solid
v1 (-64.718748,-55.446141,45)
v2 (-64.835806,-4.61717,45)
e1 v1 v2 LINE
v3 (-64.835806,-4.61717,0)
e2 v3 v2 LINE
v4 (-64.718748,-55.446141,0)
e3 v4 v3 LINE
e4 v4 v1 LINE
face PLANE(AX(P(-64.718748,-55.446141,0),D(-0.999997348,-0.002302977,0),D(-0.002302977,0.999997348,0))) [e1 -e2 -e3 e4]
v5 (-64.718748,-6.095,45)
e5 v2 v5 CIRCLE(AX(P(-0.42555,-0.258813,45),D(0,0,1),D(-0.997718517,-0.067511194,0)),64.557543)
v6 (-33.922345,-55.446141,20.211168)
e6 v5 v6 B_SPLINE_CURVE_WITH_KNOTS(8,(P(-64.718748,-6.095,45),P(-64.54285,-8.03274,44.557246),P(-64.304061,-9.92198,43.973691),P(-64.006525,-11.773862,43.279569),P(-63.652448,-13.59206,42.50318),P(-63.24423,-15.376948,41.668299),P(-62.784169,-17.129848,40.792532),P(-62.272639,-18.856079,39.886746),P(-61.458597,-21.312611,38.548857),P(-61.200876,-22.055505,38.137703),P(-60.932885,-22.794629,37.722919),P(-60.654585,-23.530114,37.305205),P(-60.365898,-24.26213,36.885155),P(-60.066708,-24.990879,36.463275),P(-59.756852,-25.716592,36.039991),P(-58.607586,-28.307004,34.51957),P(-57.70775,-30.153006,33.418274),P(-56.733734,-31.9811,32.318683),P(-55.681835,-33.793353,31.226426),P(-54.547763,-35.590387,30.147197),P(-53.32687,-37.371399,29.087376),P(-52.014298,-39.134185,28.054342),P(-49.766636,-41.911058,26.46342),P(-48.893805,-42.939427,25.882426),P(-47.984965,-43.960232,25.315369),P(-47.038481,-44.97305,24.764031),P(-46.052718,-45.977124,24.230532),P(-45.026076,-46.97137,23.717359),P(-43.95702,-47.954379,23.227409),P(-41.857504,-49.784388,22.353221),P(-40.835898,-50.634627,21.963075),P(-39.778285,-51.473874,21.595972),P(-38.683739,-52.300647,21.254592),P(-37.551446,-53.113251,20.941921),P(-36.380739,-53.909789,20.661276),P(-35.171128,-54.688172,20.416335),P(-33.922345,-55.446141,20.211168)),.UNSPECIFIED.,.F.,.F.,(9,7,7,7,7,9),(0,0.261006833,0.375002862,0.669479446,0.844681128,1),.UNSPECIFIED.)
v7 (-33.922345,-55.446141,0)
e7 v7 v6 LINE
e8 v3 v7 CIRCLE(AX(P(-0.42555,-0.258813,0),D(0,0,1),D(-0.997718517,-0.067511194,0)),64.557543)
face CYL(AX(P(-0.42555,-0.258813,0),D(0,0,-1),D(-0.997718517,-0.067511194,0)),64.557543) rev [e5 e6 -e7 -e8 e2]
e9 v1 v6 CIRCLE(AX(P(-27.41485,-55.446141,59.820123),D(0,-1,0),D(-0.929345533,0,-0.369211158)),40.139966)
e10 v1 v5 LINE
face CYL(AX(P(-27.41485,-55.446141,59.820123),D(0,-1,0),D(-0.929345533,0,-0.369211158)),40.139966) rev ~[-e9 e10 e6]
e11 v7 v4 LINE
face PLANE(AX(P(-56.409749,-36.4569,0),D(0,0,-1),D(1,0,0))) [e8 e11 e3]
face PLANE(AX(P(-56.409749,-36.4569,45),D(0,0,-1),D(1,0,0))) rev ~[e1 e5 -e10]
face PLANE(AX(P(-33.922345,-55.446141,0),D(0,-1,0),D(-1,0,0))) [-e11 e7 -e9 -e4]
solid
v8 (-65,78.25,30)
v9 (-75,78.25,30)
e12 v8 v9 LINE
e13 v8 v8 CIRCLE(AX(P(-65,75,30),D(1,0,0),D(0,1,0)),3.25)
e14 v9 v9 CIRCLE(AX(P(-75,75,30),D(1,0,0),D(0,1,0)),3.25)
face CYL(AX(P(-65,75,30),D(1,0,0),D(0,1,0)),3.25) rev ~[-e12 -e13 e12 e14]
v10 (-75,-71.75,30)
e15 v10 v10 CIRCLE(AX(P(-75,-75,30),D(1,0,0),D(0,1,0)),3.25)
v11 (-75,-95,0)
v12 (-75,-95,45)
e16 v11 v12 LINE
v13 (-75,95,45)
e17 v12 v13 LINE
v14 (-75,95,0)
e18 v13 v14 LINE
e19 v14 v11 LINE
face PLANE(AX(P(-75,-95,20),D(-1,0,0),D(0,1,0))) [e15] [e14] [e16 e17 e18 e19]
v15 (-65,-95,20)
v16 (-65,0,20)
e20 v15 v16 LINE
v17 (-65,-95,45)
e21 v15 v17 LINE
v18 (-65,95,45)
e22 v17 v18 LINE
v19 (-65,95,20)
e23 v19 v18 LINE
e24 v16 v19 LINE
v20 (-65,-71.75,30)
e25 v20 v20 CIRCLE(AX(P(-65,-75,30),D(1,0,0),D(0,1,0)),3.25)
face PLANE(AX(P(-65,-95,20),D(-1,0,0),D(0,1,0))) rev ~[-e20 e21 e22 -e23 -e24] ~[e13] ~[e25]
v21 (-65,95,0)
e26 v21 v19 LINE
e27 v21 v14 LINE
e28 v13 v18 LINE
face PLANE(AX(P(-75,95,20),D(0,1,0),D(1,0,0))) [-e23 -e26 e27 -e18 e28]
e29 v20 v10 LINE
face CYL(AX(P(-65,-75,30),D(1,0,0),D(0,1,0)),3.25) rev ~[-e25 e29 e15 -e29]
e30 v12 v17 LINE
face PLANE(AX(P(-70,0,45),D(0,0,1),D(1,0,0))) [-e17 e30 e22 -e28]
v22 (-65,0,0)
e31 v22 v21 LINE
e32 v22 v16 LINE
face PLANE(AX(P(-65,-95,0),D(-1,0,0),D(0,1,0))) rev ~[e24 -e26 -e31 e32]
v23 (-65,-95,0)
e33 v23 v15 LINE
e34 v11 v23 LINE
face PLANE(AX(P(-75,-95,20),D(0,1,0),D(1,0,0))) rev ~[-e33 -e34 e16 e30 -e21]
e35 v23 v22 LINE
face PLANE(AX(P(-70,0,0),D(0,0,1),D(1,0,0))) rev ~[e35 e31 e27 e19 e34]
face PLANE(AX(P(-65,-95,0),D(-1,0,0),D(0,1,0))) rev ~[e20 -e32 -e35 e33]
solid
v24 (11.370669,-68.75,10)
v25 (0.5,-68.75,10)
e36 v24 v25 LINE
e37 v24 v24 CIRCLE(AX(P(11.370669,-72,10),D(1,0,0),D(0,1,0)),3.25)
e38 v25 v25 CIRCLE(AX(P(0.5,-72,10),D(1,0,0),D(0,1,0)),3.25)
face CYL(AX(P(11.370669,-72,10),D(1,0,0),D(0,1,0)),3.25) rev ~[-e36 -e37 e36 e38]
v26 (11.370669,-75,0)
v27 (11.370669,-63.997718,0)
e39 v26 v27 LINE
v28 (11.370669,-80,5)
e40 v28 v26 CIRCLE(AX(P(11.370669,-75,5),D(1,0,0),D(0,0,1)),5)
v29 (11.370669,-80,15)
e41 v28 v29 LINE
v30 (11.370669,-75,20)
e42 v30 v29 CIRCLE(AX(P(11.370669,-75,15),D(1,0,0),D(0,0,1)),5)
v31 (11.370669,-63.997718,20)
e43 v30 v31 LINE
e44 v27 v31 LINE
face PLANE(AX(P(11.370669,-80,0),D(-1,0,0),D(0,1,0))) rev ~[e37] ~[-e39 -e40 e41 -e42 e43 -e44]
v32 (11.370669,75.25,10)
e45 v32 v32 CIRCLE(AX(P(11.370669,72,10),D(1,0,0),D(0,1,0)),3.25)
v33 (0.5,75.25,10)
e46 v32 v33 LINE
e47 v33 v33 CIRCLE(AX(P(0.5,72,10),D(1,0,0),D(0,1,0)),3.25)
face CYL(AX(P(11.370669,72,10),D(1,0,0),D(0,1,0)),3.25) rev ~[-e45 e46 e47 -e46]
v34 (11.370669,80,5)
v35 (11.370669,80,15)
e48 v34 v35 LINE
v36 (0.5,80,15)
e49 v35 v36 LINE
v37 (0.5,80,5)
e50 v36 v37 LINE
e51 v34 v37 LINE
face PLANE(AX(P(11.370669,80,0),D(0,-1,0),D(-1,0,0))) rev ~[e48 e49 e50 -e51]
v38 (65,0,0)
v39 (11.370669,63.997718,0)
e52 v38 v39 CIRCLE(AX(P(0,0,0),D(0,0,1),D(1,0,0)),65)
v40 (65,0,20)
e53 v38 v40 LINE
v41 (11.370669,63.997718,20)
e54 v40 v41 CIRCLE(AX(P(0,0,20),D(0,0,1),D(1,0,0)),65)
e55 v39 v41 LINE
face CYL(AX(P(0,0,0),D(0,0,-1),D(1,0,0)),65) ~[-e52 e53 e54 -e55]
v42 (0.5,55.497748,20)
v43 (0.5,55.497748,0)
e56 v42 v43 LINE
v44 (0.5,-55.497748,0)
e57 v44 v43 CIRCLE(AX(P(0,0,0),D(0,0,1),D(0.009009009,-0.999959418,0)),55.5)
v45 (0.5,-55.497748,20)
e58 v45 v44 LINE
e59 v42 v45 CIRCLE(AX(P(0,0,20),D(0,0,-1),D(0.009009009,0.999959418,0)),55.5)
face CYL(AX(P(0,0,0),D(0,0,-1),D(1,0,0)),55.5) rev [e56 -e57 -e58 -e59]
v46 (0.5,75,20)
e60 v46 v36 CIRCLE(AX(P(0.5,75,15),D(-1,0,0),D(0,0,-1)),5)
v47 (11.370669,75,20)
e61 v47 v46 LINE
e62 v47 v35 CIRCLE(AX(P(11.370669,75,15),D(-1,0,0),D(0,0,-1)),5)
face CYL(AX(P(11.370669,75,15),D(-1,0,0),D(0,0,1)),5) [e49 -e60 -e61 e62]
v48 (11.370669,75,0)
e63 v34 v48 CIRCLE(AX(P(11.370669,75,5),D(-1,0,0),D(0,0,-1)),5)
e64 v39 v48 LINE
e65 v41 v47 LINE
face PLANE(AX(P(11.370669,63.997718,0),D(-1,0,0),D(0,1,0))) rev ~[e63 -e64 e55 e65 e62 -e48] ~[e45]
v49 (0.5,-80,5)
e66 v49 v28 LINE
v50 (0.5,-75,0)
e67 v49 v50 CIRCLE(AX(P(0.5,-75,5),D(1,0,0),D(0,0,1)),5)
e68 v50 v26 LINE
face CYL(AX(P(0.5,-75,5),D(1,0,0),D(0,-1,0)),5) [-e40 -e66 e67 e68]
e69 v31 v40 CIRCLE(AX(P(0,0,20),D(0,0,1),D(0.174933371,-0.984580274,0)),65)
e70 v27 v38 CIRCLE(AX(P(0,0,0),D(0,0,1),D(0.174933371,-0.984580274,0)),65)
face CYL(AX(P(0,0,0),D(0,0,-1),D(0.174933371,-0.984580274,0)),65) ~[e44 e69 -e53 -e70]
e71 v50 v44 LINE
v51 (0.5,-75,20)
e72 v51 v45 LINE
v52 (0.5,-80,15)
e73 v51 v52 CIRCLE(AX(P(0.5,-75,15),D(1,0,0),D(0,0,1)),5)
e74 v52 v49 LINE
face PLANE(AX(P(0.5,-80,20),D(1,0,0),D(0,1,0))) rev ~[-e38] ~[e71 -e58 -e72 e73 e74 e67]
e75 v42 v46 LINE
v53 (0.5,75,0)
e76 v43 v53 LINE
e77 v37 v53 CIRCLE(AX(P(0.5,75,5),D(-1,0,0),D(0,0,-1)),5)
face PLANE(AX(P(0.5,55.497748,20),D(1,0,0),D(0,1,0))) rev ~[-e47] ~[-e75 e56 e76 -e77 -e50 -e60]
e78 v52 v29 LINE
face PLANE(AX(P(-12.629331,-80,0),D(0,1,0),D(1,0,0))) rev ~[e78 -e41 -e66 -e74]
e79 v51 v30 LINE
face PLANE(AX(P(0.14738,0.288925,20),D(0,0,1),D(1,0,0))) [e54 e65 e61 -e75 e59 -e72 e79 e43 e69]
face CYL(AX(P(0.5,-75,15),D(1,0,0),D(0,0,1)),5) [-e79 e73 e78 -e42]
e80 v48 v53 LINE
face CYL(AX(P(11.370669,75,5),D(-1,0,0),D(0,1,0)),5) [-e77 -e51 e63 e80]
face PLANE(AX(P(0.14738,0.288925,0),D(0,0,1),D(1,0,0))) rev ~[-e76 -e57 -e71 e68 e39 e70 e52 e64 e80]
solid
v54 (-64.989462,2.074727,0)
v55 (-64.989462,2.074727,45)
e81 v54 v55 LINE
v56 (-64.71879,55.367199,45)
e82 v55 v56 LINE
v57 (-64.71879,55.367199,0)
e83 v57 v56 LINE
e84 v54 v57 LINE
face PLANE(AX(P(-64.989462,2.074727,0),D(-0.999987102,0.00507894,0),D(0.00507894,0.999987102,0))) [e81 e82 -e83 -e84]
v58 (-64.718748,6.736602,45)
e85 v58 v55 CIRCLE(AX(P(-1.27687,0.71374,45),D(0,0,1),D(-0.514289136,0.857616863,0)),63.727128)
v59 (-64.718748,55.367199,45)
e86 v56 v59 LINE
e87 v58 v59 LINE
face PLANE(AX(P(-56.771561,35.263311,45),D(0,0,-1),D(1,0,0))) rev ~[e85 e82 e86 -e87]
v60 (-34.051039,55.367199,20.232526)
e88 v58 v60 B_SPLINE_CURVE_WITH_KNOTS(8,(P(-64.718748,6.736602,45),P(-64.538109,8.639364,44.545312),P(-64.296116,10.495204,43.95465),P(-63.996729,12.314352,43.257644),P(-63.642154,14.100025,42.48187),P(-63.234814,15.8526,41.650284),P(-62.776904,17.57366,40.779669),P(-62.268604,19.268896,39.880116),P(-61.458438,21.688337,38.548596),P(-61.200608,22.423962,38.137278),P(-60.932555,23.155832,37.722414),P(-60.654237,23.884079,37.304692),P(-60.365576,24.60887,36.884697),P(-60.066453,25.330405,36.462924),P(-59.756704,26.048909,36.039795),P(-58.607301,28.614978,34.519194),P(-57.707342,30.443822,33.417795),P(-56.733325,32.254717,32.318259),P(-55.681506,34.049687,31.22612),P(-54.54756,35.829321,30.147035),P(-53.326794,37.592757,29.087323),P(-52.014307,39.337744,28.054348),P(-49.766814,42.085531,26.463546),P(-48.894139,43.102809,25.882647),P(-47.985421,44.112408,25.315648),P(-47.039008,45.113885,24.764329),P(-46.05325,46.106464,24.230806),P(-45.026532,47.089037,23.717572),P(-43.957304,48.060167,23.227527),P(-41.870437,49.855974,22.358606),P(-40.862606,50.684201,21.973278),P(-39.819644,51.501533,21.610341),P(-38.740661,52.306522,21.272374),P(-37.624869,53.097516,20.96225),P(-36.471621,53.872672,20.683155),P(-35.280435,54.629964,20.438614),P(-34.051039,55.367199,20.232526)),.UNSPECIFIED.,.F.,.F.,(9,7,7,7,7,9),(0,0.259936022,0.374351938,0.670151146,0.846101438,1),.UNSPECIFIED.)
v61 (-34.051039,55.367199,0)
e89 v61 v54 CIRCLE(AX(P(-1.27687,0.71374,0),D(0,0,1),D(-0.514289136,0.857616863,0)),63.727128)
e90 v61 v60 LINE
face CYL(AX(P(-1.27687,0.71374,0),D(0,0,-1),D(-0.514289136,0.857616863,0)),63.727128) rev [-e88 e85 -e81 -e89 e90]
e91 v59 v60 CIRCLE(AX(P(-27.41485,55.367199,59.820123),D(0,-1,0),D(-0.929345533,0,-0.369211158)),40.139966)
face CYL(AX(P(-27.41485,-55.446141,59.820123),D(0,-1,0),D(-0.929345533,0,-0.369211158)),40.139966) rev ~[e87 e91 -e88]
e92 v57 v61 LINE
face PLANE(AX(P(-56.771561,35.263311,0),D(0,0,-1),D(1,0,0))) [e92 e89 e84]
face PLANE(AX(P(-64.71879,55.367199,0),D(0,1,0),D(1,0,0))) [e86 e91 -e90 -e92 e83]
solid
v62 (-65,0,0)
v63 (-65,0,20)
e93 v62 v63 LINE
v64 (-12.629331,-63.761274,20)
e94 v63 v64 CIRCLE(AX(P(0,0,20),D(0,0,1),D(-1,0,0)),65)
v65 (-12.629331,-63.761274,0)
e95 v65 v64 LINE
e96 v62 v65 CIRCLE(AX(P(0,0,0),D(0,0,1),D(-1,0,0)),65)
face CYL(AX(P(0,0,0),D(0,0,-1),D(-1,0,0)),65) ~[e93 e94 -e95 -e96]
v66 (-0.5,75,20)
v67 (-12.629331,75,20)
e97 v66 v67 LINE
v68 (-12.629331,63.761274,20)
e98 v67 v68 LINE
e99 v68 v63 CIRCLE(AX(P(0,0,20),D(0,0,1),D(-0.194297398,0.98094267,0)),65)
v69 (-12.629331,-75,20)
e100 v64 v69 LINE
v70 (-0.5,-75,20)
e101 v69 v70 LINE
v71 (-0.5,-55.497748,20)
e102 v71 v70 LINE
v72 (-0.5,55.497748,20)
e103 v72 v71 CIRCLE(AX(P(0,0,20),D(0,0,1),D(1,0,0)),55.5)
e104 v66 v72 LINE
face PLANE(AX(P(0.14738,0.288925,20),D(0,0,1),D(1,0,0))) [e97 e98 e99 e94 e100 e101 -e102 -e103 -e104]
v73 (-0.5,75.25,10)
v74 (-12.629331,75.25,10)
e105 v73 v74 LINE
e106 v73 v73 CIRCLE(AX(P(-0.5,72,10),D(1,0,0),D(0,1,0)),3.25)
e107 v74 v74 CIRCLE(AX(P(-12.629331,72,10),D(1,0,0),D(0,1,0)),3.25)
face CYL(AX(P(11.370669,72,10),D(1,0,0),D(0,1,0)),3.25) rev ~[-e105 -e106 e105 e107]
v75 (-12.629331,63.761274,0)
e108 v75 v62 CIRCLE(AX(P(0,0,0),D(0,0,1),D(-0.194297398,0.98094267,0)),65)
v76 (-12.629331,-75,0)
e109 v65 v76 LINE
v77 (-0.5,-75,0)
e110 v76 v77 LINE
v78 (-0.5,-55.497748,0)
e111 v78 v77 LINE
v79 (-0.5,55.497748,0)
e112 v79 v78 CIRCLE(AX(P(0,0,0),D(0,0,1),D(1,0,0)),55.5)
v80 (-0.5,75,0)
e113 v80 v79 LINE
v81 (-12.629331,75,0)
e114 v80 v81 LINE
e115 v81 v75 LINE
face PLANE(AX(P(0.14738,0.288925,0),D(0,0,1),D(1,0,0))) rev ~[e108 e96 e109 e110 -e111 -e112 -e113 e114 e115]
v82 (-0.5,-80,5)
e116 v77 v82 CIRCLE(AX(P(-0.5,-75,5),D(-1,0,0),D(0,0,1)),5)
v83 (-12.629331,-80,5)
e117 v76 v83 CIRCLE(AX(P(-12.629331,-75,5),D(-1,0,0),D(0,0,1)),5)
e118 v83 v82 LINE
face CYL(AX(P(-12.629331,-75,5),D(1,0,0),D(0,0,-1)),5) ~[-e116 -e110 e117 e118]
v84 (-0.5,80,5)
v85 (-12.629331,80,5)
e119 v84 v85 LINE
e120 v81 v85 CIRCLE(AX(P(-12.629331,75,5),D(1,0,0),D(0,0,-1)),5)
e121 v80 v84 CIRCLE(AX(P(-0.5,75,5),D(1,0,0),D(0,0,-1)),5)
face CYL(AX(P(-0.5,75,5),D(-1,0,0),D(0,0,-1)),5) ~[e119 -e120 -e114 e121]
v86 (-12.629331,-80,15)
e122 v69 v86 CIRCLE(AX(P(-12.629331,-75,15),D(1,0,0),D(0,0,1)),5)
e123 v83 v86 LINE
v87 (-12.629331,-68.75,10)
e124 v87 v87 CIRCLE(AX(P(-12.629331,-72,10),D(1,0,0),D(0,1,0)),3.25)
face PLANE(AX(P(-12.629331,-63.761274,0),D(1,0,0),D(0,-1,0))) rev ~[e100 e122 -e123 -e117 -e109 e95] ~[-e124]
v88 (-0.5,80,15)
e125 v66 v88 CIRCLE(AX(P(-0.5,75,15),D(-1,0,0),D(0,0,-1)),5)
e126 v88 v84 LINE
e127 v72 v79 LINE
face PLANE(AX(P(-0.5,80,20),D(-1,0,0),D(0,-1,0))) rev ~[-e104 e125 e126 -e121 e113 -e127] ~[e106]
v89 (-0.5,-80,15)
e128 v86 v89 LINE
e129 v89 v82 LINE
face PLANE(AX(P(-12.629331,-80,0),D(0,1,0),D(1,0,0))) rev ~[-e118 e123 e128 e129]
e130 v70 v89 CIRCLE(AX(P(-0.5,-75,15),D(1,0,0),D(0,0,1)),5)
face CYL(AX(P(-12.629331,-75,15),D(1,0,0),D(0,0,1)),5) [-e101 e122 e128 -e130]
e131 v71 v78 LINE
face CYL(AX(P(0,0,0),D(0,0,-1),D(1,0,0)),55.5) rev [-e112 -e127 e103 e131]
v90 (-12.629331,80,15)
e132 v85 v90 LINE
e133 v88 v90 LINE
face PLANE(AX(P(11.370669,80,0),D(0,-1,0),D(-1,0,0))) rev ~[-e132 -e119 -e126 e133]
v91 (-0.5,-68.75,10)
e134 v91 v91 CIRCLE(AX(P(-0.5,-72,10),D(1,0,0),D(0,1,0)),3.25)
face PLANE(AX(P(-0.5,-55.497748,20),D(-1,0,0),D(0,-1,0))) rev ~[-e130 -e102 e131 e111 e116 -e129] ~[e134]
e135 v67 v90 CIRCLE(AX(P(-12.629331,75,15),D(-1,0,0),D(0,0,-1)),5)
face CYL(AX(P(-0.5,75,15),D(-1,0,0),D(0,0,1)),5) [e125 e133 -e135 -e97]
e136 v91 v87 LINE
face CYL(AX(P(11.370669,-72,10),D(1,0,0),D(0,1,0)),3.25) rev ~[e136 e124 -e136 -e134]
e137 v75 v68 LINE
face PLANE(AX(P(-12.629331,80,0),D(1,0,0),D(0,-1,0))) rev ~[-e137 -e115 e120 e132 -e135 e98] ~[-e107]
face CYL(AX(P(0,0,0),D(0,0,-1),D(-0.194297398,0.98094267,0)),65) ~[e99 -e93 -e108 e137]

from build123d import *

# Parameters (mm, degrees)
F1_DEPTH  = 20
F0_R      = 55.5
F2_R      = 3.25
F3_DEPTH  = 24
F4_W      = 10
F4_H      = 190
F5_DEPTH  = 25
F7_DEPTH  = 45
F9_DEPTH  = 150
F10_R     = 3.25
F11_DEPTH = 25
F13_DEPTH = 25
F14_R     = 5


with BuildPart() as f1:
    # F0 (on Top) → F1 (new body)
    with BuildSketch(Plane.XY):
        Polygon((-65, -95), (-65, -6.1e-09), (-65, 95), (-75, 95), (-75, -95), align=None)
    extrude(amount=F1_DEPTH)



with BuildPart() as f1b:
    # F0 (on Top) → F1, piece 2 (new body)
    with BuildSketch(Plane.XY):
        with BuildLine():
            ThreePointArc((11.3706691191, -63.9977178014), (49.8201439818, -41.7486916397), (65, 0))
            ThreePointArc((65, 0), (49.8201439818, 41.7486916397), (11.3706691191, 63.9977178014))
            ThreePointArc((11.3706691191, 63.9977178014), (-0.6403388413, 64.9968458171), (-12.6293308809, 63.7612735248))
            ThreePointArc((-12.6293308809, 63.7612735248), (-50.2290080912, 41.255869233), (-65, -6.1e-09))
            ThreePointArc((-65, -6.1e-09), (-50.2290080873, -41.2558692378), (-12.6293308809, -63.7612735248))
            ThreePointArc((-12.6293308809, -63.7612735248), (-0.6403388413, -64.9968458171), (11.3706691191, -63.9977178014))
        make_face()
        Circle(F0_R, mode=Mode.SUBTRACT)
        with BuildLine():
            ThreePointArc((-12.6293308809, 63.7612735248), (-0.6403388413, 64.9968458171), (11.3706691191, 63.9977178014))
            Line((11.3706691191, 63.9977178014), (11.3706691191, 80))
            Line((11.3706691191, 80), (-12.6293308809, 80))
            Line((-12.6293308809, 80), (-12.6293308809, 63.7612735248))
        make_face()
        with BuildLine():
            Line((11.3706691191, -80), (11.3706691191, -63.9977178014))
            ThreePointArc((11.3706691191, -63.9977178014), (-0.6403388413, -64.9968458171), (-12.6293308809, -63.7612735248))
            Line((-12.6293308809, -63.7612735248), (-12.6293308809, -80))
            Line((-12.6293308809, -80), (11.3706691191, -80))
        make_face()
    extrude(amount=F1_DEPTH)

    # F2 (on face) → F3 (cut, through all)
    with BuildSketch(Plane.YZ.offset(11.3706691191)):
        with Locations((-72, 10)):
            Circle(F2_R)
        with Locations((72, 10)):
            Circle(F2_R)
    extrude(amount=-F3_DEPTH, mode=Mode.SUBTRACT)


with BuildPart() as f1_1:
    add(f1.part)

    add(f1b.part)  # F5 merges F1b
    # F4 (on face) → F5 (join)
    with BuildSketch(Plane.XY.offset(20)):
        with Locations((-70, 0)):
            Rectangle(F4_W, F4_H)
    extrude(amount=F5_DEPTH)

    # F10 (on face) → F11 (cut)
    with BuildSketch(Plane.YZ.offset(-65)):
        with Locations((-75, 30)):
            Circle(F10_R)
        with Locations((75, 30)):
            Circle(F10_R)
    extrude(amount=-F11_DEPTH, mode=Mode.SUBTRACT)

    # F12 (on face) → F13 (cut)
    with BuildSketch(Plane.XY.offset(20)):
        with BuildLine():
            Line((0.5, 80), (-0.5, 80))
            Line((-0.5, 80), (-0.5, 55.497747702))
            ThreePointArc((-0.5, 55.497747702), (0, 55.5), (0.5, 55.497747702))
            Line((0.5, 55.497747702), (0.5, 80))
        make_face()
        with BuildLine():
            ThreePointArc((0.5, -55.497747702), (0, -55.5), (-0.5, -55.497747702))
            Line((-0.5, -55.497747702), (-0.5, -80))
            Line((-0.5, -80), (0.5, -80))
            Line((0.5, -80), (0.5, -55.497747702))
        make_face()
    extrude(amount=-F13_DEPTH, mode=Mode.SUBTRACT)

    # F14
    f14_edges = [f1_1.edges().sort_by_distance(p)[0] for p in [
        (-6.564665, -80, 0),
        (5.935335, -80, 0),
        (5.935335, -80, 20),
        (-6.564665, -80, 20),
        (-6.564665, 80, 0),
        (5.935335, 80, 0),
        (-6.564665, 80, 20),
        (5.935335, 80, 20),
    ]]
    fillet(f14_edges, radius=F14_R)


with BuildPart() as f7:
    # F6 (on face) → F7 (new body)
    with BuildSketch(Plane(origin=(0, 0, 0), x_dir=(1, 0, 0), z_dir=(0, 0, -1))):
        with BuildLine():
            ThreePointArc((-64.8358060031, 4.6171701211), (-55.5829947499, 33.8047913994), (-33.9223448814, 55.446140693))
            Line((-33.9223448814, 55.446140693), (-64.7187477277, 55.446140693))
            Line((-64.7187477277, 55.446140693), (-64.8358060031, 4.6171701211))
        make_face()
    extrude(amount=-F7_DEPTH)


with BuildPart() as f7b:
    # F6 (on face) → F7, piece 2 (new body)
    with BuildSketch(Plane(origin=(0, 0, 0), x_dir=(1, 0, 0), z_dir=(0, 0, -1))):
        with BuildLine():
            ThreePointArc((-34.0510388969, -55.3671992252), (-56.3898963773, -32.7090686221), (-64.9894624502, -2.0747267928))
            Line((-64.9894624502, -2.0747267928), (-64.7187896644, -55.3671992252))
            Line((-64.7187896644, -55.3671992252), (-34.0510388969, -55.3671992252))
        make_face()
    extrude(amount=-F7_DEPTH)


with BuildPart() as f9_tool:
    # F8 (on face) → F9 (new body)
    with BuildSketch(Plane.XZ.offset(55.446140693)):
        with BuildLine():
            Line((-33.9223448814, 45), (-64.7187477277, 45))
            ThreePointArc((-64.7187477277, 45), (-52.5839000645, 28.5513566739), (-33.9223448814, 20.2111676335))
            Line((-33.9223448814, 20.2111676335), (-33.9223448814, 45))
        make_face()
    extrude(amount=-F9_DEPTH)


with BuildPart() as f7_1:
    add(f7.part)

    # F9: cut by f9_tool
    add(f9_tool.part, mode=Mode.SUBTRACT)


with BuildPart() as f7b_1:
    add(f7b.part)

    # F9: cut by f9_tool
    add(f9_tool.part, mode=Mode.SUBTRACT)


solid = Compound([f1_1.part, f7_1.part, f7b_1.part])
